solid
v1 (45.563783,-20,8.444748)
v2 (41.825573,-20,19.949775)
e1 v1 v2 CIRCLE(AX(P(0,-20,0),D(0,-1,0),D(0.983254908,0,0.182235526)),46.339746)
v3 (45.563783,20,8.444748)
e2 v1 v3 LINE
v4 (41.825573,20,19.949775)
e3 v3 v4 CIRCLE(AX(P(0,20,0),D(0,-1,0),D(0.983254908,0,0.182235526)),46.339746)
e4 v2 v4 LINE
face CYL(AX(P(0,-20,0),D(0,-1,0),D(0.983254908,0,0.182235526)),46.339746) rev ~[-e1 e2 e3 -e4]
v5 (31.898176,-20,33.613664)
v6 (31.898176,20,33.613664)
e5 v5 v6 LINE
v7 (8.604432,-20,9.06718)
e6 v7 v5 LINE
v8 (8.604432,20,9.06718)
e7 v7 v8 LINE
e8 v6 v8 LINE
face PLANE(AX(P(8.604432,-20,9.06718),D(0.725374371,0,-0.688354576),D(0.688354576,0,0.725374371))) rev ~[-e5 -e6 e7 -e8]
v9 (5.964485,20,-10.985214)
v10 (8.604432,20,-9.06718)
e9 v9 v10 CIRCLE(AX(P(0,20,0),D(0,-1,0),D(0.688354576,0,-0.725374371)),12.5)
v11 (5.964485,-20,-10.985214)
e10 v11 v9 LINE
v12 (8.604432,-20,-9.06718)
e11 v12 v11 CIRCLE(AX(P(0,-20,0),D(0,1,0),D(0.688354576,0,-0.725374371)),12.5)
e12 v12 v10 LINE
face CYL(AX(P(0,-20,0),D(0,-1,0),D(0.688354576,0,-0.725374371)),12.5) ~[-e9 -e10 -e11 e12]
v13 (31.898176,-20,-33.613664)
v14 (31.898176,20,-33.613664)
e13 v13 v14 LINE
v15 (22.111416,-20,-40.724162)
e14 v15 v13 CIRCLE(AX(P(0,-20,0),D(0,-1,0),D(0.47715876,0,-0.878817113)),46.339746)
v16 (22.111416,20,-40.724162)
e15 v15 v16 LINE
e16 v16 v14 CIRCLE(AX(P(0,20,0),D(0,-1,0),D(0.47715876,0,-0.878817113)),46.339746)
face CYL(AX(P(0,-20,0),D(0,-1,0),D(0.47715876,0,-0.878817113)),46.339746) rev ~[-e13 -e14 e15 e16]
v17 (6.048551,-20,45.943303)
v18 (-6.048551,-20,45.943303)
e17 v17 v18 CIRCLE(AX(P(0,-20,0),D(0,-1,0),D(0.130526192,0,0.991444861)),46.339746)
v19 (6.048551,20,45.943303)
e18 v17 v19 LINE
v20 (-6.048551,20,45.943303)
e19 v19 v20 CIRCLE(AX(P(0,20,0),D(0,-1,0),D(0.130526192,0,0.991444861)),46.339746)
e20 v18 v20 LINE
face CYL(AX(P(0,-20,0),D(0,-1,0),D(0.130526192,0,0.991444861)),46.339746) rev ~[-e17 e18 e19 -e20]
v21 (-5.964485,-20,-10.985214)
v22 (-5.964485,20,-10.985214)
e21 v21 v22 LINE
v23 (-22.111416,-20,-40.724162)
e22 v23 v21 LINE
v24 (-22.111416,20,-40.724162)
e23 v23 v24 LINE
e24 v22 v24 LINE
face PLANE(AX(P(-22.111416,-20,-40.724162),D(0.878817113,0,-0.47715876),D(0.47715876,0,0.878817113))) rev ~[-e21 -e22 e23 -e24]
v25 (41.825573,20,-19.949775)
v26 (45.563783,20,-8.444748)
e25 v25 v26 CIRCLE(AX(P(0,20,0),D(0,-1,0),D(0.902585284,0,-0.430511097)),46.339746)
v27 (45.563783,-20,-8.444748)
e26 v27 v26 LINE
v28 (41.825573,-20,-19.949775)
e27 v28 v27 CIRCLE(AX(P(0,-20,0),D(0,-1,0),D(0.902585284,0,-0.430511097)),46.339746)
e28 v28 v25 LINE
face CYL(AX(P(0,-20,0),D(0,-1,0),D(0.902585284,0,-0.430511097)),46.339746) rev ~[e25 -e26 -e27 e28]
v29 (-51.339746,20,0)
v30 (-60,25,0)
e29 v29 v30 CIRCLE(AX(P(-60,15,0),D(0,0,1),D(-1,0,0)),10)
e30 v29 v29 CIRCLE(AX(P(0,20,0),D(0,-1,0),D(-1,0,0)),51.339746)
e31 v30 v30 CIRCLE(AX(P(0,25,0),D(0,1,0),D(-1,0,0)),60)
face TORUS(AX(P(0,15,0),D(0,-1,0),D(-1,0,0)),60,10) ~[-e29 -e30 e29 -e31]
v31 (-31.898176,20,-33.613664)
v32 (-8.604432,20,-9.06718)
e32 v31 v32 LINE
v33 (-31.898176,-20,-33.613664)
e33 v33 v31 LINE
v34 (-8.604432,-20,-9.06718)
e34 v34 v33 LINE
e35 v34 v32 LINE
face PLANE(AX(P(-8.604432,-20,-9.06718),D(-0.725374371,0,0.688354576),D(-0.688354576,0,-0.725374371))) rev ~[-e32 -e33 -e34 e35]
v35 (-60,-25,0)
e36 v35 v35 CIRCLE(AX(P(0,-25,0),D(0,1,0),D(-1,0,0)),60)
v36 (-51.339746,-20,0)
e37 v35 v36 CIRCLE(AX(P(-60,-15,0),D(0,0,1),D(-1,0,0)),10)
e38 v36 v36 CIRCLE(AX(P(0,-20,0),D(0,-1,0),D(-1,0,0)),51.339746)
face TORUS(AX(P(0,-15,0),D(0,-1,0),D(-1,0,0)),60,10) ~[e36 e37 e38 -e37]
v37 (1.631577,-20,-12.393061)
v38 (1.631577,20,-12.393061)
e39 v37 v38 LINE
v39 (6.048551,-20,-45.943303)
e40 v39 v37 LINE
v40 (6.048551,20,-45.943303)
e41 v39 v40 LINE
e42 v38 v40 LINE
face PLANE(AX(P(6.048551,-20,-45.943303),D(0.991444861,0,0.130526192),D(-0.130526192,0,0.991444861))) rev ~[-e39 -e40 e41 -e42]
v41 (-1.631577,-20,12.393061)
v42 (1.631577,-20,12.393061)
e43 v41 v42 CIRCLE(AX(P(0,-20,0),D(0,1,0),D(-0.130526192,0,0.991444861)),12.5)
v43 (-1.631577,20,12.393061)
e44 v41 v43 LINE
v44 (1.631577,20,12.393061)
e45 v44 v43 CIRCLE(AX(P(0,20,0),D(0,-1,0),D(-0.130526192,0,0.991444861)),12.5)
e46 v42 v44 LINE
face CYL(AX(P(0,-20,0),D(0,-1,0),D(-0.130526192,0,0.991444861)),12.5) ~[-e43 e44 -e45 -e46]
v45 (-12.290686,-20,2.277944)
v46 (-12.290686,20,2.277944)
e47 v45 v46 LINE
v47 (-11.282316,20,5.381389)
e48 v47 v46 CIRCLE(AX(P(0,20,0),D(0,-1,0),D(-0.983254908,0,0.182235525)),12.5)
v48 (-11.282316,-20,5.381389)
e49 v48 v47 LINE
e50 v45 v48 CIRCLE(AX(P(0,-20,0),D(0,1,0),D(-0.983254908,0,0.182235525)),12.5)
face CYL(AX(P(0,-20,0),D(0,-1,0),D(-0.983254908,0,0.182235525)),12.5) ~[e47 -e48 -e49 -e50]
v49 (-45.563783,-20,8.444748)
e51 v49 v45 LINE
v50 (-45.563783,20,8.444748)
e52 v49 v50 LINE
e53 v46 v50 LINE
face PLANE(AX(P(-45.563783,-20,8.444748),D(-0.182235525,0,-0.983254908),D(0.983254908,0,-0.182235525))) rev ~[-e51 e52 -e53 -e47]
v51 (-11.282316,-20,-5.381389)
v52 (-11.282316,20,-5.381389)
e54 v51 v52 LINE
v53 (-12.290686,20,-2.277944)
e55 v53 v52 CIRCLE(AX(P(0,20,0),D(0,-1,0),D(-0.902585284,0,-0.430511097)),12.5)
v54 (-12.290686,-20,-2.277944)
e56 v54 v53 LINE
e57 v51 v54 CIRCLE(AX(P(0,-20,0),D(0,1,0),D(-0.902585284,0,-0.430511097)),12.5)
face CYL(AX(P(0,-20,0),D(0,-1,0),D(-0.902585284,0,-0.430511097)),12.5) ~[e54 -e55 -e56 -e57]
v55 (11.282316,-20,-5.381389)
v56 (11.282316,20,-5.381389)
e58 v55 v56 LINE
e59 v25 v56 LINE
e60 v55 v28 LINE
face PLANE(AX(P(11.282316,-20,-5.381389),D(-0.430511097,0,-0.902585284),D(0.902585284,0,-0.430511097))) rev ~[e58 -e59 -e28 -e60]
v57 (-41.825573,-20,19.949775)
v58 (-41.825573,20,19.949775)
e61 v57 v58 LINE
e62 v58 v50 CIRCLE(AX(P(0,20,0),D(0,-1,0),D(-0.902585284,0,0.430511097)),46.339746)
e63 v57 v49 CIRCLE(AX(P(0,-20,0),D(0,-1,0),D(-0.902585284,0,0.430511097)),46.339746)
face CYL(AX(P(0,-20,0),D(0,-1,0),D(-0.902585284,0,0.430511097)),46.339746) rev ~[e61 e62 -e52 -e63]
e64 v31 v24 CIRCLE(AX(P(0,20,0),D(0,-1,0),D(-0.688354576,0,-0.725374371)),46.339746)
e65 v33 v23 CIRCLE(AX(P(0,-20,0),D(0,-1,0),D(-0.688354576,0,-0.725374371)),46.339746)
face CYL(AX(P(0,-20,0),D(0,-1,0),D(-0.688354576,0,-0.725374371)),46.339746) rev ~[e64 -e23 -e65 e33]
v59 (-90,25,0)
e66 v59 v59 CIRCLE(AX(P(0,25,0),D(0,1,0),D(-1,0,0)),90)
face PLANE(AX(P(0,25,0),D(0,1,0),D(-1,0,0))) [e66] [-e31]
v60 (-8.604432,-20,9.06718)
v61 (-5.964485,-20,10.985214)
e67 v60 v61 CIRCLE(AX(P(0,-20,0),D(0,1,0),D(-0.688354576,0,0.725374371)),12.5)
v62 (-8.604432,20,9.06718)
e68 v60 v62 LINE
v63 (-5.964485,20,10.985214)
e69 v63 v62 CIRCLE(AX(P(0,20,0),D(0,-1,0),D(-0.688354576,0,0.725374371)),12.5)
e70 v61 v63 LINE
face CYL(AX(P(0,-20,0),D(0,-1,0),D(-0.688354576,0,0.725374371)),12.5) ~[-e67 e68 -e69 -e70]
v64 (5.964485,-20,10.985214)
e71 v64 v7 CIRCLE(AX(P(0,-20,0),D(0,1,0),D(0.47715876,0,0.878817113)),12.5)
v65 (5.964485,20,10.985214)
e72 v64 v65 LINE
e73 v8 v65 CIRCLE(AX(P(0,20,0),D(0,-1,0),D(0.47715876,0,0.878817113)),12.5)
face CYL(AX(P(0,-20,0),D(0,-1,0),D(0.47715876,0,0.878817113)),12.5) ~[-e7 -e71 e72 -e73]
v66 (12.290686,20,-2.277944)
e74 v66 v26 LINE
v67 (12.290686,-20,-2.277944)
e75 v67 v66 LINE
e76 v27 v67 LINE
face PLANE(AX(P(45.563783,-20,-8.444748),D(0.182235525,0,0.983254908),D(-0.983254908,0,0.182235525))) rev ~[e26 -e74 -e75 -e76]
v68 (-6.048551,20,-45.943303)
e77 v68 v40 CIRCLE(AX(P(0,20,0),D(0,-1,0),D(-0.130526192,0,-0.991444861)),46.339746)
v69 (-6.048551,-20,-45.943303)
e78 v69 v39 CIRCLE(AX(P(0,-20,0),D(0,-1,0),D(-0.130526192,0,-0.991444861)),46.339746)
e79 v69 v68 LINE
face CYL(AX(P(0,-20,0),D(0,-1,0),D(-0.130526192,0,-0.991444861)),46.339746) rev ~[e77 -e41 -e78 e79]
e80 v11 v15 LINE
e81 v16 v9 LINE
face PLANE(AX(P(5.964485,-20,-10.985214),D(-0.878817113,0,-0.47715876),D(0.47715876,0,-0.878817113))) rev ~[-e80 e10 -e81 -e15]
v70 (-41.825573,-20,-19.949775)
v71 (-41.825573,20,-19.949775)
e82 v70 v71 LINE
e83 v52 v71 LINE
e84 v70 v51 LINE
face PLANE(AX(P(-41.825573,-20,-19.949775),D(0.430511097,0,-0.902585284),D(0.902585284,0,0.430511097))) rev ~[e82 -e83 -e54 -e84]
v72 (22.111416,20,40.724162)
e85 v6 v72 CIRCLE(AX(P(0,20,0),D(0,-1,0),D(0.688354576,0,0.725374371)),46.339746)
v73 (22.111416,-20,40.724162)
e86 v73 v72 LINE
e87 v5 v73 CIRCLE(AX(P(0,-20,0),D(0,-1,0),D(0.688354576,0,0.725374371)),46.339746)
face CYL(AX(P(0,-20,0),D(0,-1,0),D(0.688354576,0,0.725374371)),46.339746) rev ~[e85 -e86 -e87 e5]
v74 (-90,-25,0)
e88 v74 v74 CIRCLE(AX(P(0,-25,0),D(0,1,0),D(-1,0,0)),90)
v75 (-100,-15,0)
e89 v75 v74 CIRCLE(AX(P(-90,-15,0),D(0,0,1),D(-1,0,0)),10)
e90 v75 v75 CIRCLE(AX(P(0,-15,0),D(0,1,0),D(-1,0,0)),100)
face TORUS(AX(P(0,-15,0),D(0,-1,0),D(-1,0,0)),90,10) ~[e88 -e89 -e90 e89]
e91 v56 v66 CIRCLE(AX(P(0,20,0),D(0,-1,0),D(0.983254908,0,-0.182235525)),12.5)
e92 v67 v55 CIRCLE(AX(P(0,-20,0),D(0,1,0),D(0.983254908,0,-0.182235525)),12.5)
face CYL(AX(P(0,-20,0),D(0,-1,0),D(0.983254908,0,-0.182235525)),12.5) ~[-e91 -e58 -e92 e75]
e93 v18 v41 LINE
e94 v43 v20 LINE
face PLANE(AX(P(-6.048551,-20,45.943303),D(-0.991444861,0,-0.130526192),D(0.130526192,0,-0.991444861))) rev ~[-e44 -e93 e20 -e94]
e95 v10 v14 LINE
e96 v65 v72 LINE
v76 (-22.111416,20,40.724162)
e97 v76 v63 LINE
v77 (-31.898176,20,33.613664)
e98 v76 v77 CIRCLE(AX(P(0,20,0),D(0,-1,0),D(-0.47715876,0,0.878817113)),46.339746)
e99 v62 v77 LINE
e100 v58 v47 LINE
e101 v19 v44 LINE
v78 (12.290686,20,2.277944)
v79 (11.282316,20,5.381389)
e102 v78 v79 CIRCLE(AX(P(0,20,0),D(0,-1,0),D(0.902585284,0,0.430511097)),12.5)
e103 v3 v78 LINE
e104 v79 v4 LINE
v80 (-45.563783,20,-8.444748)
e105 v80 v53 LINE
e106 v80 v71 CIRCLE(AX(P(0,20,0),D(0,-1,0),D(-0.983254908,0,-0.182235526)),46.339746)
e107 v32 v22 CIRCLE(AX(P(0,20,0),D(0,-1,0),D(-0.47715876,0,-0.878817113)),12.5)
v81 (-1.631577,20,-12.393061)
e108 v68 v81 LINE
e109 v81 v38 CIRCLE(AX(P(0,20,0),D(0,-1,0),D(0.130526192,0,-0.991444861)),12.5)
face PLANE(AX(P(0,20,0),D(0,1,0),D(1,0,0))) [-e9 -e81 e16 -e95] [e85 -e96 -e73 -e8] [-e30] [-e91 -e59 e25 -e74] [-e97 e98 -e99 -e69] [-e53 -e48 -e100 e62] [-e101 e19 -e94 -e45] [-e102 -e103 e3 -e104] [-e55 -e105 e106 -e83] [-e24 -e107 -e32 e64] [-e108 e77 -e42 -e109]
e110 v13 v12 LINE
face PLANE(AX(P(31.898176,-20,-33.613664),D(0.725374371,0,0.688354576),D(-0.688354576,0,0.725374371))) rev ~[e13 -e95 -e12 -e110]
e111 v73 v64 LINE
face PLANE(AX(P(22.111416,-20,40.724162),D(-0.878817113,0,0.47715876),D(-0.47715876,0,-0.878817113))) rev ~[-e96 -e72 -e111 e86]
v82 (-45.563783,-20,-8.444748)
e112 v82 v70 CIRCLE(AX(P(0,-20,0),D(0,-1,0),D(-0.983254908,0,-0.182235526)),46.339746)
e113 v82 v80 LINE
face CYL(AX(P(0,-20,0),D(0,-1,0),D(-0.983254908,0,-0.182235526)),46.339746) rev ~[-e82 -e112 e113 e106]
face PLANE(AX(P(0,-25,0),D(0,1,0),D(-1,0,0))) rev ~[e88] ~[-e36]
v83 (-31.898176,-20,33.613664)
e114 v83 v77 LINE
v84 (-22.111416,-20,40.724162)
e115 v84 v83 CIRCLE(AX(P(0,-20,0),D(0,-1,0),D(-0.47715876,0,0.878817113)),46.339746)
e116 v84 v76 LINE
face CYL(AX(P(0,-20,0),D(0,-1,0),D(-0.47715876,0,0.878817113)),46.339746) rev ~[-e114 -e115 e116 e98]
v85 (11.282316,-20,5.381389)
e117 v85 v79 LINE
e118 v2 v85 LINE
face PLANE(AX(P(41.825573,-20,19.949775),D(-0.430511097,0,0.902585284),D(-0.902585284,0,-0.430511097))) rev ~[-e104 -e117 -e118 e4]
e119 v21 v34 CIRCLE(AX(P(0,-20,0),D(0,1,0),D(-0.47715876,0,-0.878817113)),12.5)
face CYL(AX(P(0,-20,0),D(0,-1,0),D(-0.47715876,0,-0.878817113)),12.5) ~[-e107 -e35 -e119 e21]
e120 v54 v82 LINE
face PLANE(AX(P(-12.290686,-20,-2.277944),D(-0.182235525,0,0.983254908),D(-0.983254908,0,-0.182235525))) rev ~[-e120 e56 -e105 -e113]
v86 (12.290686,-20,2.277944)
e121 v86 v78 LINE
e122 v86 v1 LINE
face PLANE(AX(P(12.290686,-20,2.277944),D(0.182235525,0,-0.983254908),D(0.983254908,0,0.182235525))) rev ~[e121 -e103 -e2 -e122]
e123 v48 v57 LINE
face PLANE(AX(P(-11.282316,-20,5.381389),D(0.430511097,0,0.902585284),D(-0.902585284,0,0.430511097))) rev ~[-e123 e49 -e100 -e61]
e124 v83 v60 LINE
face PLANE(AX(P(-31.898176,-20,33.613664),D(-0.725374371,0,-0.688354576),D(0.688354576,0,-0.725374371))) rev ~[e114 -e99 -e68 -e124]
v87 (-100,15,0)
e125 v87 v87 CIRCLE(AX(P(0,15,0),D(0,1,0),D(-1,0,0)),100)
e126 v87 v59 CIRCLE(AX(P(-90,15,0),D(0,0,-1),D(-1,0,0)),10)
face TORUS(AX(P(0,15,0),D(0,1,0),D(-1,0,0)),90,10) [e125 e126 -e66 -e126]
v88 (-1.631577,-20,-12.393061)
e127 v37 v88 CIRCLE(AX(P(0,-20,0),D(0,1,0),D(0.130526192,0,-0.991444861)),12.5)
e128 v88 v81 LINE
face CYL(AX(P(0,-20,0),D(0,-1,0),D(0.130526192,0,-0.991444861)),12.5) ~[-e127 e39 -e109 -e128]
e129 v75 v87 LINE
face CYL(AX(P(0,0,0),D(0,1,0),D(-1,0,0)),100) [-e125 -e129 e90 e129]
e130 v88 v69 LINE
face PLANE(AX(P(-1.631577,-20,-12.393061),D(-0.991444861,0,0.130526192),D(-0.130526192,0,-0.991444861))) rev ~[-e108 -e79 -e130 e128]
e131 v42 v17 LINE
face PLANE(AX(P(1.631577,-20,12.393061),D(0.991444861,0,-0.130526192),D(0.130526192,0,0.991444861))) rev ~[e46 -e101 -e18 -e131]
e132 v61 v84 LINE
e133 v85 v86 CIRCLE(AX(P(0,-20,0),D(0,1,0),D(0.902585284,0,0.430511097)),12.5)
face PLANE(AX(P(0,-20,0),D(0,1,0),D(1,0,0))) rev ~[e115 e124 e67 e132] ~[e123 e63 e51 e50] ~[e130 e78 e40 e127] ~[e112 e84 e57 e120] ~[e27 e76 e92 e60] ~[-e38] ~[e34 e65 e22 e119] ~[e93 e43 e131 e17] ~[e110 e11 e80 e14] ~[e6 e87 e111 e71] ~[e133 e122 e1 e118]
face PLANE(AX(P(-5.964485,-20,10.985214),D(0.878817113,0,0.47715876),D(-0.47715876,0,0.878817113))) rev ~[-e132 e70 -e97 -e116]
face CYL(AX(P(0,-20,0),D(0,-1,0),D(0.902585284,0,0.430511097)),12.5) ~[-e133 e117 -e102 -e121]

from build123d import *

# Parameters (mm, degrees)
SKETCH2_W                = 50
SKETCH2_H                = 50
FILLET2_R                = 10
SKETCH3_R                = 60
BOSS_EXTRUDE2_DEPTH      = 20
BOSS_EXTRUDE2_DEPTH_BACK = 20
CUT_EXTRUDE1_DEPTH       = 46
CIRPATTERN1_COUNT        = 10


with BuildPart() as part:
    # Sketch2 → Revolve1 (revolve)
    with BuildSketch(Plane.XY):
        with Locations((-75, 0)):
            Rectangle(SKETCH2_W, SKETCH2_H)
    revolve(axis=Axis((0, 0, 0), (0, 1, 0)))

    # Fillet2
    fillet2_edges = [part.edges().sort_by_distance(p)[0] for p in [
        (50, 25, 0),
        (100, 25, 0),
        (100, -25, 0),
        (50, -25, 0),
    ]]
    fillet(fillet2_edges, radius=FILLET2_R)

    # Sketch3 → Boss-Extrude2 (add, two sides)
    with BuildSketch(Plane(origin=(0, 0, 0), x_dir=(1, 0, 0), z_dir=(0, 1, 0))) as boss_extrude2_sk:
        Circle(SKETCH3_R)
    extrude(amount=BOSS_EXTRUDE2_DEPTH)
    extrude(boss_extrude2_sk.sketch, amount=-BOSS_EXTRUDE2_DEPTH_BACK)

    # Sketch4 → Cut-Extrude1 (cut, through all)
    with BuildSketch(Plane.XZ.offset(20)):
        with BuildLine():
            ThreePointArc((-1.631577403, 12.393060767), (0, 12.5), (1.631577403, 12.393060767))
            Line((1.631577403, 12.393060767), (6.048550589, 45.943303012))
            ThreePointArc((6.048550589, 45.943303012), (0, 46.339745962), (-6.048550589, 45.943303012))
            Line((-6.048550589, 45.943303012), (-1.631577403, 12.393060767))
        make_face()
    cut_extrude1 = extrude(amount=-CUT_EXTRUDE1_DEPTH, mode=Mode.SUBTRACT)

    # CirPattern1: Cut-Extrude1 ×10 about axis
    cirpattern1_axis = Axis((0, 0, 0), (0, 1, 0))
    for i in range(1, CIRPATTERN1_COUNT):
        add(cut_extrude1.rotate(cirpattern1_axis, i * 360 / CIRPATTERN1_COUNT), mode=Mode.SUBTRACT)


solid = part.part
